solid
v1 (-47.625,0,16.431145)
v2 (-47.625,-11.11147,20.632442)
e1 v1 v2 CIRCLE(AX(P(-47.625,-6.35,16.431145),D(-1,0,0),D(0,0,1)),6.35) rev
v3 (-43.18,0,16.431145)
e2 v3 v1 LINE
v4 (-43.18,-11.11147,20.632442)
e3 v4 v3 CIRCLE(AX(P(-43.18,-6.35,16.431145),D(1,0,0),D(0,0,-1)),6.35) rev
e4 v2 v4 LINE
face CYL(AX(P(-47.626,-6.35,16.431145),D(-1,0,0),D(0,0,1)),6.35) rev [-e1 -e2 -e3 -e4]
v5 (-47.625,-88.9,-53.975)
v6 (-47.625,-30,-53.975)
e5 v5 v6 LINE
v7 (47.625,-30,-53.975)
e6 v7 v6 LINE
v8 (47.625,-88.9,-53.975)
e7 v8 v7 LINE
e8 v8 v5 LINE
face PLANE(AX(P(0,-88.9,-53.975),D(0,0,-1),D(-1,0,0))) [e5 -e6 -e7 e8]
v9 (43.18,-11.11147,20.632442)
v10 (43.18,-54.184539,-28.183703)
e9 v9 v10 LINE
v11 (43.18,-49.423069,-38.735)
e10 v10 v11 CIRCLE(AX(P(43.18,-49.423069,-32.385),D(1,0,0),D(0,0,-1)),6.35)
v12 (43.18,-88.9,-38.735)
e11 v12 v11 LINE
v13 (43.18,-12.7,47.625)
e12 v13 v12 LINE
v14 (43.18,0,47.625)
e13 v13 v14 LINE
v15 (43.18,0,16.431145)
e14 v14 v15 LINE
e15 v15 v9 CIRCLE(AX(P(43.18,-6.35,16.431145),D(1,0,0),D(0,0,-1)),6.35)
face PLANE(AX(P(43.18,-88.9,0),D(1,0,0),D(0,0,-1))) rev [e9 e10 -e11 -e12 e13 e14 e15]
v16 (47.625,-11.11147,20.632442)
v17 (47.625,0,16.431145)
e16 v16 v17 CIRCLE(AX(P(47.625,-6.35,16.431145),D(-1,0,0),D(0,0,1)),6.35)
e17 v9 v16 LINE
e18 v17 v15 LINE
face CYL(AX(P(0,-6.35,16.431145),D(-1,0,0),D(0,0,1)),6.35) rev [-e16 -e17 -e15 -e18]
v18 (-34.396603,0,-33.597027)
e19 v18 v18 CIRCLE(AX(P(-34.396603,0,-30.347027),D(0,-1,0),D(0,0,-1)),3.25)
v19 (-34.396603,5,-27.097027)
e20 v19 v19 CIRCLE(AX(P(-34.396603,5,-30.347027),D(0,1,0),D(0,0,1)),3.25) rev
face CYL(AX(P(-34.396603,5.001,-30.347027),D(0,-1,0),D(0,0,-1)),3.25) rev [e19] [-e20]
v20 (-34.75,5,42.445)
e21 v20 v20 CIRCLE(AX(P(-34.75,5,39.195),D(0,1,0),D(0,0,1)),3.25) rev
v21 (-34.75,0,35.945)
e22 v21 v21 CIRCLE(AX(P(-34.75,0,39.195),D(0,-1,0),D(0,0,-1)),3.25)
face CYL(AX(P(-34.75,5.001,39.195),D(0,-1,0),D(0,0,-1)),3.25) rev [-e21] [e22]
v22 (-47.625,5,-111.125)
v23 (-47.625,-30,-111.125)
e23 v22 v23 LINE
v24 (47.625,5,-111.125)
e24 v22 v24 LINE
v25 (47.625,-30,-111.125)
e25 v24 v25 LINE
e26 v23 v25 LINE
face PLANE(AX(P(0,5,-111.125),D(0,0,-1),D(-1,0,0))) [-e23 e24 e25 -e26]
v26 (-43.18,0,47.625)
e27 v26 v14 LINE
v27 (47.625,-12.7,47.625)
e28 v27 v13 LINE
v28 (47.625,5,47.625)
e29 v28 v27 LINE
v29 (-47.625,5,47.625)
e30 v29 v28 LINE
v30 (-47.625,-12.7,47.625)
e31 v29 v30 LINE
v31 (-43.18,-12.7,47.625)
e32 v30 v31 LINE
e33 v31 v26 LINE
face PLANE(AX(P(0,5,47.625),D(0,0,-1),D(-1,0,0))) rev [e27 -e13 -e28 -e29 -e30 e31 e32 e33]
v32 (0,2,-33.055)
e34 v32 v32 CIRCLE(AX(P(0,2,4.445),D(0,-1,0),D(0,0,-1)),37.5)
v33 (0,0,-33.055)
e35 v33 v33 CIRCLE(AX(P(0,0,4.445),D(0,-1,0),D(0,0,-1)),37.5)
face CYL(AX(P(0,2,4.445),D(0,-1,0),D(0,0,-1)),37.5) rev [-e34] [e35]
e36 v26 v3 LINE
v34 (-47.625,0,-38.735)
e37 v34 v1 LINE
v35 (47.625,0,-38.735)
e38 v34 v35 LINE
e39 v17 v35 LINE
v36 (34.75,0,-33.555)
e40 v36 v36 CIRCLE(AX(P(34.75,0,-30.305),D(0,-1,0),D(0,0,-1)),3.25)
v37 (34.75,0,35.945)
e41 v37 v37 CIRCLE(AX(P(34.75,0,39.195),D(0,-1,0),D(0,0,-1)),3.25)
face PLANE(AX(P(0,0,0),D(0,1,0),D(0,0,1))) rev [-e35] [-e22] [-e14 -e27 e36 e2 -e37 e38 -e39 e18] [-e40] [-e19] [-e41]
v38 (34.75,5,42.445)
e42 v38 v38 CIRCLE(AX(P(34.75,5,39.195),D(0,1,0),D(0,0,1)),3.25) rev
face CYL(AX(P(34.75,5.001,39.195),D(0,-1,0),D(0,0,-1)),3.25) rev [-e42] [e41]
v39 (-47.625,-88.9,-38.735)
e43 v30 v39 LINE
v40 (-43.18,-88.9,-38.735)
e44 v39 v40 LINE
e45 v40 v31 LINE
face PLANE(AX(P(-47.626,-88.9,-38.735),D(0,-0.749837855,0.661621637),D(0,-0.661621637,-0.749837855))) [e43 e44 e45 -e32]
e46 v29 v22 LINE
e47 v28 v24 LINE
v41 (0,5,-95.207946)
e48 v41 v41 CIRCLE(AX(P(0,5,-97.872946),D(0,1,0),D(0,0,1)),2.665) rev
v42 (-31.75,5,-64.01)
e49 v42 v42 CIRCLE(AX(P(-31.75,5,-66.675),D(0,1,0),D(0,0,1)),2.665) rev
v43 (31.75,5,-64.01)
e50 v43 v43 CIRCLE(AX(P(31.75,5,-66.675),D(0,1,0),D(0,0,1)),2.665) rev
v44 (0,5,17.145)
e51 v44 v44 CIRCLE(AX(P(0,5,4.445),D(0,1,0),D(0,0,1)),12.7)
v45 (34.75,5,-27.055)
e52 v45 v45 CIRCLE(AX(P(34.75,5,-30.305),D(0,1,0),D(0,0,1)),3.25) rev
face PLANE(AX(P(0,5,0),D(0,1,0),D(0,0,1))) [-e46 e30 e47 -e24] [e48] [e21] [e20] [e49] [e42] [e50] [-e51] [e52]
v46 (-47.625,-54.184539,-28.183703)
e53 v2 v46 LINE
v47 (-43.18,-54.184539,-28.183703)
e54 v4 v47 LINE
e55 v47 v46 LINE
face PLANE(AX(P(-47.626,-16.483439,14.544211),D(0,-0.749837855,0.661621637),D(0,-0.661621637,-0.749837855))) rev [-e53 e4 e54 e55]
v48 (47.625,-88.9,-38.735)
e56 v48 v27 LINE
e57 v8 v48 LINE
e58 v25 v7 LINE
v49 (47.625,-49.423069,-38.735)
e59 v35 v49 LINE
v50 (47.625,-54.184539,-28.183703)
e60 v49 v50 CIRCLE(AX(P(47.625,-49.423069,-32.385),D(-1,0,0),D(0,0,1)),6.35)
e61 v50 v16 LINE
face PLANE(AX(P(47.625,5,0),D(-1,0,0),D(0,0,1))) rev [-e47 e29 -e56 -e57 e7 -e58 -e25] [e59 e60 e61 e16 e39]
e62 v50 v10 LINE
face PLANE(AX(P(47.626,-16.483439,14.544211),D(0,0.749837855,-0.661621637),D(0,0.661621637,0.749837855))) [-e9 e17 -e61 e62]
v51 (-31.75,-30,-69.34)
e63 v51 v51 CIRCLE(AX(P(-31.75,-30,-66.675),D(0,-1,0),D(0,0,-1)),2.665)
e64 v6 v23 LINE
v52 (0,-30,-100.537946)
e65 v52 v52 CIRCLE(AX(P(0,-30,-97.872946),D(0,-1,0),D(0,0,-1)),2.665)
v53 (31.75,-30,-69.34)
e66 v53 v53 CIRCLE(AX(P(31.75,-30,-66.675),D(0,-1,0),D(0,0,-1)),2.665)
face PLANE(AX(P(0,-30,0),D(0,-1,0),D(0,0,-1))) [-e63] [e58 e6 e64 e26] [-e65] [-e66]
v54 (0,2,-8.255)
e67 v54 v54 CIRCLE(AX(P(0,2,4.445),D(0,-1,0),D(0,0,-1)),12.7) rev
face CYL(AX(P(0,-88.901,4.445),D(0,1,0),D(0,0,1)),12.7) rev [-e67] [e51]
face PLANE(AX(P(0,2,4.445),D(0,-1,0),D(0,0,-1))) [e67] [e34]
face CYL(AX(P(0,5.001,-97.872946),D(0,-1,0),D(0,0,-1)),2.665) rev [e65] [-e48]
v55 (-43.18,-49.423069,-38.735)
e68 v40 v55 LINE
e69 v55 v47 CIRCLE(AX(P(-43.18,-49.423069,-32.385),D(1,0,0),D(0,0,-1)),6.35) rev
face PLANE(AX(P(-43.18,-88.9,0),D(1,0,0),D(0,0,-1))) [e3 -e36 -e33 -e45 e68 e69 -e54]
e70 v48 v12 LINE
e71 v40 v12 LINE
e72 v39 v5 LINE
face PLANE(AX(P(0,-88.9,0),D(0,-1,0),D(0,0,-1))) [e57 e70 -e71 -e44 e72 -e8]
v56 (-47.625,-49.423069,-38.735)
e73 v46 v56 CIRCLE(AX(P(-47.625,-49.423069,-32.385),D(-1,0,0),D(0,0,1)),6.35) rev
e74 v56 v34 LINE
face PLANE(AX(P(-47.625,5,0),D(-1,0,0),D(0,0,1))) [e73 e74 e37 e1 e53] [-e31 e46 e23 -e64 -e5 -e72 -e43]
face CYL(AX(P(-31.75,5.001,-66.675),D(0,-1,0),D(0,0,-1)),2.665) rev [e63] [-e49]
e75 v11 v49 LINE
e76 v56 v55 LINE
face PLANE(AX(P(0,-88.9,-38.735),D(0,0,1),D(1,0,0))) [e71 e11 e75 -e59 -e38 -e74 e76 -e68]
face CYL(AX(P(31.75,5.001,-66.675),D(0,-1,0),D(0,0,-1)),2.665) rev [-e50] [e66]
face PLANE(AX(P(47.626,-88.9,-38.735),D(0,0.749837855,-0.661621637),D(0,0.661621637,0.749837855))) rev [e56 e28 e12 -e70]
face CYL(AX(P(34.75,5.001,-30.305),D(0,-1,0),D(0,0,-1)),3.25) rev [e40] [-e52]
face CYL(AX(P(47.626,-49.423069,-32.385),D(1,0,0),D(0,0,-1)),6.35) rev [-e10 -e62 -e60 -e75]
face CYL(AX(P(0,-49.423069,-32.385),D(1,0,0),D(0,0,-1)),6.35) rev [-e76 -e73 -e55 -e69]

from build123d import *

# Parameters (mm, degrees)
SKETCH1_W                      = 95.25
SKETCH1_H                      = 63.5
SKETCH1_H_2                    = 95.25
BOSS_EXTRUDE1_DEPTH            = 5
BOSS_EXTRUDE2_DEPTH            = 88.9
CUT_EXTRUDE1_REACH             = 170.812
CUT_EXTRUDE1_DIRECTION_2_REACH = 170.812
SKETCH4_R                      = 37.5
CUT_EXTRUDE2_DEPTH             = 2
CUT_EXTRUDE3_REACH             = 170.812
CUT_EXTRUDE3_DIRECTION_2_REACH = 170.812
FILLET1_R                      = 6.35
SKETCH6_W                      = 95.25
SKETCH6_H                      = 57.15
BOSS_EXTRUDE3_DEPTH            = 30
CUT_EXTRUDE4_REACH             = 136.485
SKETCH7_R                      = 2.665000004
CUT_EXTRUDE5_REACH             = 155.082
SKETCH8_R                      = 12.7
CUT_EXTRUDE6_REACH             = 152.067
SKETCH9_R                      = 3.25


with BuildPart() as part:
    # Sketch1 → Boss-Extrude1 (new body)
    with BuildSketch(Plane(origin=(0, 0, 0), x_dir=(1, 0, 0), z_dir=(0, 1, 0))):
        with Locations((0, 79.375)):
            Rectangle(SKETCH1_W, SKETCH1_H)
        Rectangle(SKETCH1_W, SKETCH1_H_2)
    extrude(amount=BOSS_EXTRUDE1_DEPTH)

    # Sketch2 → Boss-Extrude2 (add)
    with BuildSketch(Plane(origin=(0, 0, 0), x_dir=(-1, 0, 0), z_dir=(0, -1, 0))):
        Polygon((43.18, 38.735), (43.18, -47.625), (47.625, -47.625), (47.625, 53.975), (-47.625, 53.975), (-47.625, -47.625), (-43.18, -47.625), (-43.18, 38.735), align=None)
    extrude(amount=BOSS_EXTRUDE2_DEPTH)

    # Sketch3 → Cut-Extrude1 (cut, up to next)
    with BuildSketch(Plane.ZY.offset(-43.18), mode=Mode.PRIVATE) as cut_extrude1_sk1:
        Polygon((-38.735, -88.9), (47.625, -12.7), (47.625, -88.9), align=None)
    cut_extrude1_tool1 = extrude(cut_extrude1_sk1.sketch, amount=-CUT_EXTRUDE1_REACH, mode=Mode.PRIVATE) & part.part
    add(cut_extrude1_tool1.solids().sort_by_distance((43.18, -63.5, 18.838333))[0], mode=Mode.SUBTRACT)

    # Sketch3 → Cut-Extrude1 direction 2 (cut, up to next)
    with BuildSketch(Plane.ZY.offset(-43.18), mode=Mode.PRIVATE) as cut_extrude1_direction_2_sk1:
        Polygon((-38.735, -88.9), (47.625, -12.7), (47.625, -88.9), align=None)
    cut_extrude1_direction_2_tool1 = extrude(cut_extrude1_direction_2_sk1.sketch, amount=CUT_EXTRUDE1_DIRECTION_2_REACH, mode=Mode.PRIVATE) & part.part
    add(cut_extrude1_direction_2_tool1.solids().sort_by_distance((43.18, -63.5, 18.838333))[0], mode=Mode.SUBTRACT)

    # Sketch4 → Cut-Extrude2 (cut)
    with BuildSketch(Plane(origin=(0, 0, 0), x_dir=(-1, 0, 0), z_dir=(0, -1, 0))):
        with Locations(Location((0, -4.445, 0), (0, 0, 90))):
            Circle(SKETCH4_R)
    extrude(amount=-CUT_EXTRUDE2_DEPTH, mode=Mode.SUBTRACT)

    # Sketch5 → Cut-Extrude3 (cut, up to next)
    with BuildSketch(Plane(origin=(-43.18, 0, 0), x_dir=(0, 0, -1), z_dir=(1, 0, 0)), mode=Mode.PRIVATE) as cut_extrude3_sk1:
        Polygon((38.735, 0), (-33.225441849, 0), (38.735, -63.494507514), align=None)
    cut_extrude3_tool1 = extrude(cut_extrude3_sk1.sketch, amount=-CUT_EXTRUDE3_REACH, mode=Mode.PRIVATE) & part.part
    add(cut_extrude3_tool1.solids().sort_by_distance((-43.18, -21.164836, -14.748186))[0], mode=Mode.SUBTRACT)

    # Sketch5 → Cut-Extrude3 direction 2 (cut, up to next)
    with BuildSketch(Plane(origin=(-43.18, 0, 0), x_dir=(0, 0, -1), z_dir=(1, 0, 0)), mode=Mode.PRIVATE) as cut_extrude3_direction_2_sk1:
        Polygon((38.735, 0), (-33.225441849, 0), (38.735, -63.494507514), align=None)
    cut_extrude3_direction_2_tool1 = extrude(cut_extrude3_direction_2_sk1.sketch, amount=CUT_EXTRUDE3_DIRECTION_2_REACH, mode=Mode.PRIVATE) & part.part
    add(cut_extrude3_direction_2_tool1.solids().sort_by_distance((-43.18, -21.164836, -14.748186))[0], mode=Mode.SUBTRACT)

    # Fillet1
    fillet1_edges = [part.edges().sort_by_distance(p)[0] for p in [
        (45.4025, -63.494507514, -38.735),
        (45.4025, 0, 33.225441849),
        (-45.4025, 0, 33.225441849),
        (-45.4025, -63.494507514, -38.735),
    ]]
    fillet(fillet1_edges, radius=FILLET1_R)

    # Sketch6 → Boss-Extrude3 (add)
    with BuildSketch(Plane.XZ):
        with Locations((0, -82.55)):
            Rectangle(SKETCH6_W, SKETCH6_H)
    extrude(amount=BOSS_EXTRUDE3_DEPTH)

    # Sketch7 → Cut-Extrude4 (cut, up to next)
    with BuildSketch(Plane(origin=(0, -30, 0), x_dir=(-1, 0, 0), z_dir=(0, -1, 0)), mode=Mode.PRIVATE) as cut_extrude4_sk1:
        with Locations(Location((0, 97.872945695, 0), (0, 0, 90))):
            Circle(SKETCH7_R)
    cut_extrude4_tool1 = extrude(cut_extrude4_sk1.sketch, amount=-CUT_EXTRUDE4_REACH, mode=Mode.PRIVATE) & part.part
    # Sketch7 → Cut-Extrude4 (cut, up to next)
    with BuildSketch(Plane(origin=(0, -30, 0), x_dir=(-1, 0, 0), z_dir=(0, -1, 0)), mode=Mode.PRIVATE) as cut_extrude4_sk2:
        with Locations(Location((31.75, 66.675, 0), (0, 0, 90))):
            Circle(SKETCH7_R)
    cut_extrude4_tool2 = extrude(cut_extrude4_sk2.sketch, amount=-CUT_EXTRUDE4_REACH, mode=Mode.PRIVATE) & part.part
    # Sketch7 → Cut-Extrude4 (cut, up to next)
    with BuildSketch(Plane(origin=(0, -30, 0), x_dir=(-1, 0, 0), z_dir=(0, -1, 0)), mode=Mode.PRIVATE) as cut_extrude4_sk3:
        with Locations(Location((-31.75, 66.675, 0), (0, 0, 90))):
            Circle(SKETCH7_R)
    cut_extrude4_tool3 = extrude(cut_extrude4_sk3.sketch, amount=-CUT_EXTRUDE4_REACH, mode=Mode.PRIVATE) & part.part
    add(cut_extrude4_tool1.solids().sort_by_distance((0, -30, -97.872946))[0], mode=Mode.SUBTRACT)
    add(cut_extrude4_tool2.solids().sort_by_distance((-31.75, -30, -66.675))[0], mode=Mode.SUBTRACT)
    add(cut_extrude4_tool3.solids().sort_by_distance((31.75, -30, -66.675))[0], mode=Mode.SUBTRACT)

    # Sketch8 → Cut-Extrude5 (cut, up to next)
    with BuildSketch(Plane(origin=(0, 5, 0), x_dir=(1, 0, 0), z_dir=(0, 1, 0)), mode=Mode.PRIVATE) as cut_extrude5_sk1:
        with Locations(Location((0, -4.445, 0), (0, 0, 270))):
            Circle(SKETCH8_R)
    cut_extrude5_tool1 = extrude(cut_extrude5_sk1.sketch, amount=-CUT_EXTRUDE5_REACH, mode=Mode.PRIVATE) & part.part
    add(cut_extrude5_tool1.solids().sort_by_distance((0, 5, 4.445))[0], mode=Mode.SUBTRACT)

    # Sketch9 → Cut-Extrude6 (cut, up to next)
    with BuildSketch(Plane(origin=(0, 0, 0), x_dir=(-1, 0, 0), z_dir=(0, -1, 0)), mode=Mode.PRIVATE) as cut_extrude6_sk1:
        with Locations(Location((34.75, -39.195, 0), (0, 0, 90))):
            Circle(SKETCH9_R)
    cut_extrude6_tool1 = extrude(cut_extrude6_sk1.sketch, amount=-CUT_EXTRUDE6_REACH, mode=Mode.PRIVATE) & part.part
    # Sketch9 → Cut-Extrude6 (cut, up to next)
    with BuildSketch(Plane(origin=(0, 0, 0), x_dir=(-1, 0, 0), z_dir=(0, -1, 0)), mode=Mode.PRIVATE) as cut_extrude6_sk2:
        with Locations(Location((-34.75, -39.195, 0), (0, 0, 90))):
            Circle(SKETCH9_R)
    cut_extrude6_tool2 = extrude(cut_extrude6_sk2.sketch, amount=-CUT_EXTRUDE6_REACH, mode=Mode.PRIVATE) & part.part
    # Sketch9 → Cut-Extrude6 (cut, up to next)
    with BuildSketch(Plane(origin=(0, 0, 0), x_dir=(-1, 0, 0), z_dir=(0, -1, 0)), mode=Mode.PRIVATE) as cut_extrude6_sk3:
        with Locations(Location((34.396603139, 30.34702737, 0), (0, 0, 90))):
            Circle(SKETCH9_R)
    cut_extrude6_tool3 = extrude(cut_extrude6_sk3.sketch, amount=-CUT_EXTRUDE6_REACH, mode=Mode.PRIVATE) & part.part
    # Sketch9 → Cut-Extrude6 (cut, up to next)
    with BuildSketch(Plane(origin=(0, 0, 0), x_dir=(-1, 0, 0), z_dir=(0, -1, 0)), mode=Mode.PRIVATE) as cut_extrude6_sk4:
        with Locations(Location((-34.75, 30.305, 0), (0, 0, 90))):
            Circle(SKETCH9_R)
    cut_extrude6_tool4 = extrude(cut_extrude6_sk4.sketch, amount=-CUT_EXTRUDE6_REACH, mode=Mode.PRIVATE) & part.part
    add(cut_extrude6_tool1.solids().sort_by_distance((-34.75, 0, 39.195))[0], mode=Mode.SUBTRACT)
    add(cut_extrude6_tool2.solids().sort_by_distance((34.75, 0, 39.195))[0], mode=Mode.SUBTRACT)
    add(cut_extrude6_tool3.solids().sort_by_distance((-34.396603, 0, -30.347027))[0], mode=Mode.SUBTRACT)
    add(cut_extrude6_tool4.solids().sort_by_distance((34.75, 0, -30.305))[0], mode=Mode.SUBTRACT)


solid = part.part
